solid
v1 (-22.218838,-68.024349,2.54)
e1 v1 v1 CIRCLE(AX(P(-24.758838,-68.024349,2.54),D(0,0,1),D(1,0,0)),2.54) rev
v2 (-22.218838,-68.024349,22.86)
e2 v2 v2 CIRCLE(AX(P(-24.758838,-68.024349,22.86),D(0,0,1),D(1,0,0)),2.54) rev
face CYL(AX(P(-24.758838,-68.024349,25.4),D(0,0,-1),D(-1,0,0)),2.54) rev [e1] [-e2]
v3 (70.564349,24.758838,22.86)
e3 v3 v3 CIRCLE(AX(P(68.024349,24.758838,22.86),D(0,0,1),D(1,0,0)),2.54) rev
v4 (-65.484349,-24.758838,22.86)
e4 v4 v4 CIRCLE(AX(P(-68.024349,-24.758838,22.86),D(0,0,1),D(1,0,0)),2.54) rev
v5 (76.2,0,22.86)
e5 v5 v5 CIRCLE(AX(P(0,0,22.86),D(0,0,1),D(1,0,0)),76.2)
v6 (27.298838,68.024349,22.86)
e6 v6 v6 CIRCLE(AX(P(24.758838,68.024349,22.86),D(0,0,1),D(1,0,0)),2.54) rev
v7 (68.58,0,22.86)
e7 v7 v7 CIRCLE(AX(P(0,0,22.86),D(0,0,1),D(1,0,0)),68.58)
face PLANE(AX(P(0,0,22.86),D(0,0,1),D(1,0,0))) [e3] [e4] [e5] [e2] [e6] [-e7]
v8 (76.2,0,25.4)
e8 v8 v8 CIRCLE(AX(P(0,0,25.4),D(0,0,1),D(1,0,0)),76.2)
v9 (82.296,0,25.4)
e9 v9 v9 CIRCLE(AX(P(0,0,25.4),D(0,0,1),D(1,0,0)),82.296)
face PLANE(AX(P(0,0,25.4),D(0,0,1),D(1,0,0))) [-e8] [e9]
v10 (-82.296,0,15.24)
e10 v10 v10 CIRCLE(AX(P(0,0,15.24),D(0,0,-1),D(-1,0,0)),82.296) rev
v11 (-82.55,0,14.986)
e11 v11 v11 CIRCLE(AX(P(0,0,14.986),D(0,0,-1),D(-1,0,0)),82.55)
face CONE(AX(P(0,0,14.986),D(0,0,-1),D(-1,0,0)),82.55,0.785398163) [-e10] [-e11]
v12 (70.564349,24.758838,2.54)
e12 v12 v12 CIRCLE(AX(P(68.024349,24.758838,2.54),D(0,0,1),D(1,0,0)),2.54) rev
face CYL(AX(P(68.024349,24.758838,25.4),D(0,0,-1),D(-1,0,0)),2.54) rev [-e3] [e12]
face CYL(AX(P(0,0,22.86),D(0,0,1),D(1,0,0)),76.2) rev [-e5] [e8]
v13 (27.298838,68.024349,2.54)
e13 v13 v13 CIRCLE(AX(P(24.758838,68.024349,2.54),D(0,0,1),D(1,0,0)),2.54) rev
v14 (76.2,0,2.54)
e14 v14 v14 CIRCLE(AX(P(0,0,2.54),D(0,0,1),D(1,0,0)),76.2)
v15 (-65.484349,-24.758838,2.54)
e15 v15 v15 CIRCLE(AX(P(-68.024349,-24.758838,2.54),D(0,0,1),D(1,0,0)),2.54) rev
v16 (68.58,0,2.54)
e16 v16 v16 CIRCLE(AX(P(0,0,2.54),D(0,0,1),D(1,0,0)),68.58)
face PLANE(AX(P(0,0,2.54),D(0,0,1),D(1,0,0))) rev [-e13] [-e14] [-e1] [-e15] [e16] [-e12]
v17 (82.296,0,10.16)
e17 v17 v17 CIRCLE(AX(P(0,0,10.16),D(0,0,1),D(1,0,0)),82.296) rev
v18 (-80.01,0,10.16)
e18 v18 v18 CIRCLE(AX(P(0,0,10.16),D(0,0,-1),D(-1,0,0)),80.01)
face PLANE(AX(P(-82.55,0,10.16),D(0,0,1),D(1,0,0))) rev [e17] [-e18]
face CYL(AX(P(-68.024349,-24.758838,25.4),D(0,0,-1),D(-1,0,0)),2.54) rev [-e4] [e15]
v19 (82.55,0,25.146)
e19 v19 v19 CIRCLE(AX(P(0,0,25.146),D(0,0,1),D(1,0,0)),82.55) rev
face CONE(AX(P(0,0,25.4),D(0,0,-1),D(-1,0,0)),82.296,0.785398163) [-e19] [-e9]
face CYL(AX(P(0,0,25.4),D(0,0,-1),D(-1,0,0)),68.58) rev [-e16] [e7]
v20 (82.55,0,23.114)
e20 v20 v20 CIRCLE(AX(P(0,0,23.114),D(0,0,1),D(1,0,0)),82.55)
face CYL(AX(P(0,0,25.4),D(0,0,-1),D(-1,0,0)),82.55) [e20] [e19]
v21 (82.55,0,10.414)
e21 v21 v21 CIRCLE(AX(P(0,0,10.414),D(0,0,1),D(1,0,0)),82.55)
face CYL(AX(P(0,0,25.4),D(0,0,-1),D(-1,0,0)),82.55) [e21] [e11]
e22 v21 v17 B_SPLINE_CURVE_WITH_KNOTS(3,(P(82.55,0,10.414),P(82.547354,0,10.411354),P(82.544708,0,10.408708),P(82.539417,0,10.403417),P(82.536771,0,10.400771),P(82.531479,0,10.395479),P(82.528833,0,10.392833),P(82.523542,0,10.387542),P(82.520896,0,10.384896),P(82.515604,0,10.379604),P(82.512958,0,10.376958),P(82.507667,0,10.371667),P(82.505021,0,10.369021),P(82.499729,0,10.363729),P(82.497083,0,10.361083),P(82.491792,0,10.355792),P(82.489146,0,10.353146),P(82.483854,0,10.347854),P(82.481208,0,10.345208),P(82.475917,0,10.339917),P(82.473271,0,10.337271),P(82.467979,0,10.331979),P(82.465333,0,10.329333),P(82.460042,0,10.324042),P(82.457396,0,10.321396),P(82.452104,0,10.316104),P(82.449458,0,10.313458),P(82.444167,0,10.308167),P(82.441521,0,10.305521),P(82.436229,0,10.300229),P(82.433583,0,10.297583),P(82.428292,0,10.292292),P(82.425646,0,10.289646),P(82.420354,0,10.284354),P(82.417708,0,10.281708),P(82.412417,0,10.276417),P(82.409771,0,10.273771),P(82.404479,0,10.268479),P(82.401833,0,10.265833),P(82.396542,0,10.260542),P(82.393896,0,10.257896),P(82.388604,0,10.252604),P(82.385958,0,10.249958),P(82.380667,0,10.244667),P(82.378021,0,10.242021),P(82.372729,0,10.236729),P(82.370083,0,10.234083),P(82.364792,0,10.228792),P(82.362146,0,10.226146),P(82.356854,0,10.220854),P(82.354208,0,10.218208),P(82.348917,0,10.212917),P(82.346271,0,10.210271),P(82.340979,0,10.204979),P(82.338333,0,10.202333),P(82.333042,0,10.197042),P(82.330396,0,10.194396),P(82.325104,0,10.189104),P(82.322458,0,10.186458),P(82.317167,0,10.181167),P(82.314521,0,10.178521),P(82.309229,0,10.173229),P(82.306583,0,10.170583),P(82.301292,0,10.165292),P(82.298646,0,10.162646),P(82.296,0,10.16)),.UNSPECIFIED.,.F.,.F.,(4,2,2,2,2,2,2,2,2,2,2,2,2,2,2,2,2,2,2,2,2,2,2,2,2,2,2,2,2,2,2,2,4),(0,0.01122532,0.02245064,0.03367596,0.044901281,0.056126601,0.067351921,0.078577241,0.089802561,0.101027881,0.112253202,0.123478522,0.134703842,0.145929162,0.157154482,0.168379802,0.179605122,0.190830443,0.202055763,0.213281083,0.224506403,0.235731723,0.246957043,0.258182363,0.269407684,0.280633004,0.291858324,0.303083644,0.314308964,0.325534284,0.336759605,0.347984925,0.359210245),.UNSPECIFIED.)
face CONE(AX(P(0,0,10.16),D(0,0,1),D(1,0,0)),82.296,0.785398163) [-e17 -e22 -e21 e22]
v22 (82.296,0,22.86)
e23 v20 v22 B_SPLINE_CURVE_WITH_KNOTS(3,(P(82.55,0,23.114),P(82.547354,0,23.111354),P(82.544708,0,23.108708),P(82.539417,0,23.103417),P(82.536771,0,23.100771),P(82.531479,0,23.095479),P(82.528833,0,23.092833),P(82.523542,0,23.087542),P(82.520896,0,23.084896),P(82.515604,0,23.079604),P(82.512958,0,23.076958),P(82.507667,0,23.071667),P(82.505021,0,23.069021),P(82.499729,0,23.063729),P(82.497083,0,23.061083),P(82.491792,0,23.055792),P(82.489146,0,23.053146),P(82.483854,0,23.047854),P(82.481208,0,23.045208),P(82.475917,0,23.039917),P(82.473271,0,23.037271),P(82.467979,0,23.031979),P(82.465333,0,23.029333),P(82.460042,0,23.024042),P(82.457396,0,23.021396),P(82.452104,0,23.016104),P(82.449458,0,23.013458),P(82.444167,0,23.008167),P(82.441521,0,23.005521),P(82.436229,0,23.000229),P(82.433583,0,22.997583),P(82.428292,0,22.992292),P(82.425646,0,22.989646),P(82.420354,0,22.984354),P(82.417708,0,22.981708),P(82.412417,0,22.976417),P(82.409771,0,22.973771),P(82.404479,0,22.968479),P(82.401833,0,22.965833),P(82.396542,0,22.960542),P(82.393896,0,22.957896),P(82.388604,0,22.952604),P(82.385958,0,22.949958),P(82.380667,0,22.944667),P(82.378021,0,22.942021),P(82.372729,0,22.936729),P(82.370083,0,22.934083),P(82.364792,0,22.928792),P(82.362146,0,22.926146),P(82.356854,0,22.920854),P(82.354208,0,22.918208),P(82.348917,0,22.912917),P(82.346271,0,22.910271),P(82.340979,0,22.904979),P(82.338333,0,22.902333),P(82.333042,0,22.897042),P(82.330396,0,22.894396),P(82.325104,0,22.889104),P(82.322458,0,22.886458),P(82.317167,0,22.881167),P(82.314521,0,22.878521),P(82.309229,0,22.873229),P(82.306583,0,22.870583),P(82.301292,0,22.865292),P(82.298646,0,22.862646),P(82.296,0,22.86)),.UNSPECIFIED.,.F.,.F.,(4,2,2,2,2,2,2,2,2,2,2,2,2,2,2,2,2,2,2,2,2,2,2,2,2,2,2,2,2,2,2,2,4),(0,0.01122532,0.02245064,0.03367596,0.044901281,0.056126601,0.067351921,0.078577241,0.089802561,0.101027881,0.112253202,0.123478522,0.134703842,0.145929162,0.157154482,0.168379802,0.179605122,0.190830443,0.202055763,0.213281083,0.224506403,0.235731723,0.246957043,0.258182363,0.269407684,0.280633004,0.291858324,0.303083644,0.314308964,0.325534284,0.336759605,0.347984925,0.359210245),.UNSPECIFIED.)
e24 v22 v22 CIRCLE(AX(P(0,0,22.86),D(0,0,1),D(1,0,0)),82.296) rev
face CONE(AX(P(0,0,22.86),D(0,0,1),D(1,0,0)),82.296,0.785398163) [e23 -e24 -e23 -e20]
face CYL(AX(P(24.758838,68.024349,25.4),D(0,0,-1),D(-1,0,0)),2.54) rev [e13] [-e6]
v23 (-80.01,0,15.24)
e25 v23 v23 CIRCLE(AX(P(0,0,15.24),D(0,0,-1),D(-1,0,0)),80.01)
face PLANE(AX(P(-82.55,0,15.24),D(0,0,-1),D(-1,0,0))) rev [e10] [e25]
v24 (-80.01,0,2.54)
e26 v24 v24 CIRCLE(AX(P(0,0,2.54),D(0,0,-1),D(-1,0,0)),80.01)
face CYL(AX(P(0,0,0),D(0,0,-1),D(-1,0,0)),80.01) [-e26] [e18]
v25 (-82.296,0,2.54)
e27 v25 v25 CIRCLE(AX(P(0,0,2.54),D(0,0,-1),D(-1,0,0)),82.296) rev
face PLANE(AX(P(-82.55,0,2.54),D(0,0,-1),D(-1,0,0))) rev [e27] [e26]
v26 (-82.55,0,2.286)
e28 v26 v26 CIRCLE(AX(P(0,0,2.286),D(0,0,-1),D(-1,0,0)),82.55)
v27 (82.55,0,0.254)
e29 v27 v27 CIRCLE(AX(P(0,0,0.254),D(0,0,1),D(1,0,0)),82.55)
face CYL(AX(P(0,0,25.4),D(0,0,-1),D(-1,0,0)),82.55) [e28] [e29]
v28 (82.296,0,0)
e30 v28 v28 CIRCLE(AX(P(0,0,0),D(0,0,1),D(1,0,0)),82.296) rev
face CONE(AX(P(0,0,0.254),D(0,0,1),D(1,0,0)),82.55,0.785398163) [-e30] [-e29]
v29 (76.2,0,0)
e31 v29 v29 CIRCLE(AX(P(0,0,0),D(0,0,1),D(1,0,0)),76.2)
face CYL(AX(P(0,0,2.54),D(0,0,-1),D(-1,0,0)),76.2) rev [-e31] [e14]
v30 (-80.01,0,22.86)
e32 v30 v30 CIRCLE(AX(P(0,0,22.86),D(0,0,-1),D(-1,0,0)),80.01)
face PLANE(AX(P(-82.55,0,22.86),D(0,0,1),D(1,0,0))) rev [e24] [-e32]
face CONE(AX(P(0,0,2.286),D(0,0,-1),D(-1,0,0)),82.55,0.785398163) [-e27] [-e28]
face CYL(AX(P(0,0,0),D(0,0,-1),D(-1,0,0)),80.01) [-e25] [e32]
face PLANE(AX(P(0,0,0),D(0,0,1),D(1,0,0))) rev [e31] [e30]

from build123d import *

# Parameters (mm, degrees)
SKETCH1_R           = 82.55
BOSS_EXTRUDE1_DEPTH = 25.4
SKETCH2_R           = 68.58
CUT_EXTRUDE1_DEPTH  = 25.4
SKETCH3_R           = 76.2
CUT_EXTRUDE2_DEPTH  = 2.54
CUT_EXTRUDE3_START  = -2.54
SKETCH4_R           = 76.2
CUT_EXTRUDE3_DEPTH  = 2.54
SKETCH5_W           = 2.54
SKETCH5_H           = 7.62
CHAMFER1_SIZE       = 0.254
CHAMFER2_SIZE       = 0.254
CHAMFER3_SIZE       = 0.254
CHAMFER4_SIZE       = 0.254
CHAMFER5_SIZE       = 0.254
CHAMFER6_SIZE       = 0.254
SKETCH6_R           = 2.54
CUT_EXTRUDE4_DEPTH  = 120.474537036


with BuildPart() as part:
    # Sketch1 → Boss-Extrude1 (new body)
    with BuildSketch(Plane.XY):
        Circle(SKETCH1_R)
    extrude(amount=BOSS_EXTRUDE1_DEPTH)

    # Sketch2 → Cut-Extrude1 (cut)
    with BuildSketch(Plane.XY):
        Circle(SKETCH2_R)
    extrude(amount=CUT_EXTRUDE1_DEPTH, mode=Mode.SUBTRACT)

    # Sketch3 → Cut-Extrude2 (cut)
    with BuildSketch(Plane.XY):
        Circle(SKETCH3_R)
    extrude(amount=CUT_EXTRUDE2_DEPTH, mode=Mode.SUBTRACT)

    # Sketch4 → Cut-Extrude3 (cut)
    with BuildSketch(Plane.XY.offset(25.4).offset(CUT_EXTRUDE3_START)):
        Circle(SKETCH4_R)
    extrude(amount=CUT_EXTRUDE3_DEPTH, mode=Mode.SUBTRACT)

    # Sketch5 → Cut-Revolve1 (revolve, cut)
    with BuildSketch(Plane(origin=(0, 0, 0), x_dir=(1, 0, 0), z_dir=(0, 1, 0))):
        with Locations((-81.28, -6.35)):
            Rectangle(SKETCH5_W, SKETCH5_H)
        with Locations((-81.28, -19.05)):
            Rectangle(SKETCH5_W, SKETCH5_H)
    revolve(axis=Axis((0, 0, 0), (0, 0, 1)), mode=Mode.SUBTRACT)

    # Chamfer1
    chamfer1_edges = [part.edges().sort_by_distance(p)[0] for p in [
        (-82.55, 0, 10.16),
    ]]
    chamfer(chamfer1_edges, length=CHAMFER1_SIZE)

    # Chamfer2
    chamfer2_edges = [part.edges().sort_by_distance(p)[0] for p in [
        (-82.55, 0, 15.24),
    ]]
    chamfer(chamfer2_edges, length=CHAMFER2_SIZE)

    # Chamfer3
    chamfer3_edges = [part.edges().sort_by_distance(p)[0] for p in [
        (-82.55, 0, 2.54),
    ]]
    chamfer(chamfer3_edges, length=CHAMFER3_SIZE)

    # Chamfer4
    chamfer4_edges = [part.edges().sort_by_distance(p)[0] for p in [
        (-82.55, 0, 22.86),
    ]]
    chamfer(chamfer4_edges, length=CHAMFER4_SIZE)

    # Chamfer5
    chamfer5_edges = [part.edges().sort_by_distance(p)[0] for p in [
        (-82.55, 0, 0),
    ]]
    chamfer(chamfer5_edges, length=CHAMFER5_SIZE)

    # Chamfer6
    chamfer6_edges = [part.edges().sort_by_distance(p)[0] for p in [
        (-82.55, 0, 25.4),
    ]]
    chamfer(chamfer6_edges, length=CHAMFER6_SIZE)

    # Sketch6 → Cut-Extrude4 (cut, through all)
    with BuildSketch(Plane.XY):
        with Locations((68.024348819, 24.758838175)):
            Circle(SKETCH6_R)
        with Locations((-68.024348819, -24.758838175)):
            Circle(SKETCH6_R)
        with Locations((24.758838175, 68.024348819)):
            Circle(SKETCH6_R)
        with Locations((-24.758838175, -68.024348819)):
            Circle(SKETCH6_R)
    extrude(amount=CUT_EXTRUDE4_DEPTH, mode=Mode.SUBTRACT)


solid = part.part
